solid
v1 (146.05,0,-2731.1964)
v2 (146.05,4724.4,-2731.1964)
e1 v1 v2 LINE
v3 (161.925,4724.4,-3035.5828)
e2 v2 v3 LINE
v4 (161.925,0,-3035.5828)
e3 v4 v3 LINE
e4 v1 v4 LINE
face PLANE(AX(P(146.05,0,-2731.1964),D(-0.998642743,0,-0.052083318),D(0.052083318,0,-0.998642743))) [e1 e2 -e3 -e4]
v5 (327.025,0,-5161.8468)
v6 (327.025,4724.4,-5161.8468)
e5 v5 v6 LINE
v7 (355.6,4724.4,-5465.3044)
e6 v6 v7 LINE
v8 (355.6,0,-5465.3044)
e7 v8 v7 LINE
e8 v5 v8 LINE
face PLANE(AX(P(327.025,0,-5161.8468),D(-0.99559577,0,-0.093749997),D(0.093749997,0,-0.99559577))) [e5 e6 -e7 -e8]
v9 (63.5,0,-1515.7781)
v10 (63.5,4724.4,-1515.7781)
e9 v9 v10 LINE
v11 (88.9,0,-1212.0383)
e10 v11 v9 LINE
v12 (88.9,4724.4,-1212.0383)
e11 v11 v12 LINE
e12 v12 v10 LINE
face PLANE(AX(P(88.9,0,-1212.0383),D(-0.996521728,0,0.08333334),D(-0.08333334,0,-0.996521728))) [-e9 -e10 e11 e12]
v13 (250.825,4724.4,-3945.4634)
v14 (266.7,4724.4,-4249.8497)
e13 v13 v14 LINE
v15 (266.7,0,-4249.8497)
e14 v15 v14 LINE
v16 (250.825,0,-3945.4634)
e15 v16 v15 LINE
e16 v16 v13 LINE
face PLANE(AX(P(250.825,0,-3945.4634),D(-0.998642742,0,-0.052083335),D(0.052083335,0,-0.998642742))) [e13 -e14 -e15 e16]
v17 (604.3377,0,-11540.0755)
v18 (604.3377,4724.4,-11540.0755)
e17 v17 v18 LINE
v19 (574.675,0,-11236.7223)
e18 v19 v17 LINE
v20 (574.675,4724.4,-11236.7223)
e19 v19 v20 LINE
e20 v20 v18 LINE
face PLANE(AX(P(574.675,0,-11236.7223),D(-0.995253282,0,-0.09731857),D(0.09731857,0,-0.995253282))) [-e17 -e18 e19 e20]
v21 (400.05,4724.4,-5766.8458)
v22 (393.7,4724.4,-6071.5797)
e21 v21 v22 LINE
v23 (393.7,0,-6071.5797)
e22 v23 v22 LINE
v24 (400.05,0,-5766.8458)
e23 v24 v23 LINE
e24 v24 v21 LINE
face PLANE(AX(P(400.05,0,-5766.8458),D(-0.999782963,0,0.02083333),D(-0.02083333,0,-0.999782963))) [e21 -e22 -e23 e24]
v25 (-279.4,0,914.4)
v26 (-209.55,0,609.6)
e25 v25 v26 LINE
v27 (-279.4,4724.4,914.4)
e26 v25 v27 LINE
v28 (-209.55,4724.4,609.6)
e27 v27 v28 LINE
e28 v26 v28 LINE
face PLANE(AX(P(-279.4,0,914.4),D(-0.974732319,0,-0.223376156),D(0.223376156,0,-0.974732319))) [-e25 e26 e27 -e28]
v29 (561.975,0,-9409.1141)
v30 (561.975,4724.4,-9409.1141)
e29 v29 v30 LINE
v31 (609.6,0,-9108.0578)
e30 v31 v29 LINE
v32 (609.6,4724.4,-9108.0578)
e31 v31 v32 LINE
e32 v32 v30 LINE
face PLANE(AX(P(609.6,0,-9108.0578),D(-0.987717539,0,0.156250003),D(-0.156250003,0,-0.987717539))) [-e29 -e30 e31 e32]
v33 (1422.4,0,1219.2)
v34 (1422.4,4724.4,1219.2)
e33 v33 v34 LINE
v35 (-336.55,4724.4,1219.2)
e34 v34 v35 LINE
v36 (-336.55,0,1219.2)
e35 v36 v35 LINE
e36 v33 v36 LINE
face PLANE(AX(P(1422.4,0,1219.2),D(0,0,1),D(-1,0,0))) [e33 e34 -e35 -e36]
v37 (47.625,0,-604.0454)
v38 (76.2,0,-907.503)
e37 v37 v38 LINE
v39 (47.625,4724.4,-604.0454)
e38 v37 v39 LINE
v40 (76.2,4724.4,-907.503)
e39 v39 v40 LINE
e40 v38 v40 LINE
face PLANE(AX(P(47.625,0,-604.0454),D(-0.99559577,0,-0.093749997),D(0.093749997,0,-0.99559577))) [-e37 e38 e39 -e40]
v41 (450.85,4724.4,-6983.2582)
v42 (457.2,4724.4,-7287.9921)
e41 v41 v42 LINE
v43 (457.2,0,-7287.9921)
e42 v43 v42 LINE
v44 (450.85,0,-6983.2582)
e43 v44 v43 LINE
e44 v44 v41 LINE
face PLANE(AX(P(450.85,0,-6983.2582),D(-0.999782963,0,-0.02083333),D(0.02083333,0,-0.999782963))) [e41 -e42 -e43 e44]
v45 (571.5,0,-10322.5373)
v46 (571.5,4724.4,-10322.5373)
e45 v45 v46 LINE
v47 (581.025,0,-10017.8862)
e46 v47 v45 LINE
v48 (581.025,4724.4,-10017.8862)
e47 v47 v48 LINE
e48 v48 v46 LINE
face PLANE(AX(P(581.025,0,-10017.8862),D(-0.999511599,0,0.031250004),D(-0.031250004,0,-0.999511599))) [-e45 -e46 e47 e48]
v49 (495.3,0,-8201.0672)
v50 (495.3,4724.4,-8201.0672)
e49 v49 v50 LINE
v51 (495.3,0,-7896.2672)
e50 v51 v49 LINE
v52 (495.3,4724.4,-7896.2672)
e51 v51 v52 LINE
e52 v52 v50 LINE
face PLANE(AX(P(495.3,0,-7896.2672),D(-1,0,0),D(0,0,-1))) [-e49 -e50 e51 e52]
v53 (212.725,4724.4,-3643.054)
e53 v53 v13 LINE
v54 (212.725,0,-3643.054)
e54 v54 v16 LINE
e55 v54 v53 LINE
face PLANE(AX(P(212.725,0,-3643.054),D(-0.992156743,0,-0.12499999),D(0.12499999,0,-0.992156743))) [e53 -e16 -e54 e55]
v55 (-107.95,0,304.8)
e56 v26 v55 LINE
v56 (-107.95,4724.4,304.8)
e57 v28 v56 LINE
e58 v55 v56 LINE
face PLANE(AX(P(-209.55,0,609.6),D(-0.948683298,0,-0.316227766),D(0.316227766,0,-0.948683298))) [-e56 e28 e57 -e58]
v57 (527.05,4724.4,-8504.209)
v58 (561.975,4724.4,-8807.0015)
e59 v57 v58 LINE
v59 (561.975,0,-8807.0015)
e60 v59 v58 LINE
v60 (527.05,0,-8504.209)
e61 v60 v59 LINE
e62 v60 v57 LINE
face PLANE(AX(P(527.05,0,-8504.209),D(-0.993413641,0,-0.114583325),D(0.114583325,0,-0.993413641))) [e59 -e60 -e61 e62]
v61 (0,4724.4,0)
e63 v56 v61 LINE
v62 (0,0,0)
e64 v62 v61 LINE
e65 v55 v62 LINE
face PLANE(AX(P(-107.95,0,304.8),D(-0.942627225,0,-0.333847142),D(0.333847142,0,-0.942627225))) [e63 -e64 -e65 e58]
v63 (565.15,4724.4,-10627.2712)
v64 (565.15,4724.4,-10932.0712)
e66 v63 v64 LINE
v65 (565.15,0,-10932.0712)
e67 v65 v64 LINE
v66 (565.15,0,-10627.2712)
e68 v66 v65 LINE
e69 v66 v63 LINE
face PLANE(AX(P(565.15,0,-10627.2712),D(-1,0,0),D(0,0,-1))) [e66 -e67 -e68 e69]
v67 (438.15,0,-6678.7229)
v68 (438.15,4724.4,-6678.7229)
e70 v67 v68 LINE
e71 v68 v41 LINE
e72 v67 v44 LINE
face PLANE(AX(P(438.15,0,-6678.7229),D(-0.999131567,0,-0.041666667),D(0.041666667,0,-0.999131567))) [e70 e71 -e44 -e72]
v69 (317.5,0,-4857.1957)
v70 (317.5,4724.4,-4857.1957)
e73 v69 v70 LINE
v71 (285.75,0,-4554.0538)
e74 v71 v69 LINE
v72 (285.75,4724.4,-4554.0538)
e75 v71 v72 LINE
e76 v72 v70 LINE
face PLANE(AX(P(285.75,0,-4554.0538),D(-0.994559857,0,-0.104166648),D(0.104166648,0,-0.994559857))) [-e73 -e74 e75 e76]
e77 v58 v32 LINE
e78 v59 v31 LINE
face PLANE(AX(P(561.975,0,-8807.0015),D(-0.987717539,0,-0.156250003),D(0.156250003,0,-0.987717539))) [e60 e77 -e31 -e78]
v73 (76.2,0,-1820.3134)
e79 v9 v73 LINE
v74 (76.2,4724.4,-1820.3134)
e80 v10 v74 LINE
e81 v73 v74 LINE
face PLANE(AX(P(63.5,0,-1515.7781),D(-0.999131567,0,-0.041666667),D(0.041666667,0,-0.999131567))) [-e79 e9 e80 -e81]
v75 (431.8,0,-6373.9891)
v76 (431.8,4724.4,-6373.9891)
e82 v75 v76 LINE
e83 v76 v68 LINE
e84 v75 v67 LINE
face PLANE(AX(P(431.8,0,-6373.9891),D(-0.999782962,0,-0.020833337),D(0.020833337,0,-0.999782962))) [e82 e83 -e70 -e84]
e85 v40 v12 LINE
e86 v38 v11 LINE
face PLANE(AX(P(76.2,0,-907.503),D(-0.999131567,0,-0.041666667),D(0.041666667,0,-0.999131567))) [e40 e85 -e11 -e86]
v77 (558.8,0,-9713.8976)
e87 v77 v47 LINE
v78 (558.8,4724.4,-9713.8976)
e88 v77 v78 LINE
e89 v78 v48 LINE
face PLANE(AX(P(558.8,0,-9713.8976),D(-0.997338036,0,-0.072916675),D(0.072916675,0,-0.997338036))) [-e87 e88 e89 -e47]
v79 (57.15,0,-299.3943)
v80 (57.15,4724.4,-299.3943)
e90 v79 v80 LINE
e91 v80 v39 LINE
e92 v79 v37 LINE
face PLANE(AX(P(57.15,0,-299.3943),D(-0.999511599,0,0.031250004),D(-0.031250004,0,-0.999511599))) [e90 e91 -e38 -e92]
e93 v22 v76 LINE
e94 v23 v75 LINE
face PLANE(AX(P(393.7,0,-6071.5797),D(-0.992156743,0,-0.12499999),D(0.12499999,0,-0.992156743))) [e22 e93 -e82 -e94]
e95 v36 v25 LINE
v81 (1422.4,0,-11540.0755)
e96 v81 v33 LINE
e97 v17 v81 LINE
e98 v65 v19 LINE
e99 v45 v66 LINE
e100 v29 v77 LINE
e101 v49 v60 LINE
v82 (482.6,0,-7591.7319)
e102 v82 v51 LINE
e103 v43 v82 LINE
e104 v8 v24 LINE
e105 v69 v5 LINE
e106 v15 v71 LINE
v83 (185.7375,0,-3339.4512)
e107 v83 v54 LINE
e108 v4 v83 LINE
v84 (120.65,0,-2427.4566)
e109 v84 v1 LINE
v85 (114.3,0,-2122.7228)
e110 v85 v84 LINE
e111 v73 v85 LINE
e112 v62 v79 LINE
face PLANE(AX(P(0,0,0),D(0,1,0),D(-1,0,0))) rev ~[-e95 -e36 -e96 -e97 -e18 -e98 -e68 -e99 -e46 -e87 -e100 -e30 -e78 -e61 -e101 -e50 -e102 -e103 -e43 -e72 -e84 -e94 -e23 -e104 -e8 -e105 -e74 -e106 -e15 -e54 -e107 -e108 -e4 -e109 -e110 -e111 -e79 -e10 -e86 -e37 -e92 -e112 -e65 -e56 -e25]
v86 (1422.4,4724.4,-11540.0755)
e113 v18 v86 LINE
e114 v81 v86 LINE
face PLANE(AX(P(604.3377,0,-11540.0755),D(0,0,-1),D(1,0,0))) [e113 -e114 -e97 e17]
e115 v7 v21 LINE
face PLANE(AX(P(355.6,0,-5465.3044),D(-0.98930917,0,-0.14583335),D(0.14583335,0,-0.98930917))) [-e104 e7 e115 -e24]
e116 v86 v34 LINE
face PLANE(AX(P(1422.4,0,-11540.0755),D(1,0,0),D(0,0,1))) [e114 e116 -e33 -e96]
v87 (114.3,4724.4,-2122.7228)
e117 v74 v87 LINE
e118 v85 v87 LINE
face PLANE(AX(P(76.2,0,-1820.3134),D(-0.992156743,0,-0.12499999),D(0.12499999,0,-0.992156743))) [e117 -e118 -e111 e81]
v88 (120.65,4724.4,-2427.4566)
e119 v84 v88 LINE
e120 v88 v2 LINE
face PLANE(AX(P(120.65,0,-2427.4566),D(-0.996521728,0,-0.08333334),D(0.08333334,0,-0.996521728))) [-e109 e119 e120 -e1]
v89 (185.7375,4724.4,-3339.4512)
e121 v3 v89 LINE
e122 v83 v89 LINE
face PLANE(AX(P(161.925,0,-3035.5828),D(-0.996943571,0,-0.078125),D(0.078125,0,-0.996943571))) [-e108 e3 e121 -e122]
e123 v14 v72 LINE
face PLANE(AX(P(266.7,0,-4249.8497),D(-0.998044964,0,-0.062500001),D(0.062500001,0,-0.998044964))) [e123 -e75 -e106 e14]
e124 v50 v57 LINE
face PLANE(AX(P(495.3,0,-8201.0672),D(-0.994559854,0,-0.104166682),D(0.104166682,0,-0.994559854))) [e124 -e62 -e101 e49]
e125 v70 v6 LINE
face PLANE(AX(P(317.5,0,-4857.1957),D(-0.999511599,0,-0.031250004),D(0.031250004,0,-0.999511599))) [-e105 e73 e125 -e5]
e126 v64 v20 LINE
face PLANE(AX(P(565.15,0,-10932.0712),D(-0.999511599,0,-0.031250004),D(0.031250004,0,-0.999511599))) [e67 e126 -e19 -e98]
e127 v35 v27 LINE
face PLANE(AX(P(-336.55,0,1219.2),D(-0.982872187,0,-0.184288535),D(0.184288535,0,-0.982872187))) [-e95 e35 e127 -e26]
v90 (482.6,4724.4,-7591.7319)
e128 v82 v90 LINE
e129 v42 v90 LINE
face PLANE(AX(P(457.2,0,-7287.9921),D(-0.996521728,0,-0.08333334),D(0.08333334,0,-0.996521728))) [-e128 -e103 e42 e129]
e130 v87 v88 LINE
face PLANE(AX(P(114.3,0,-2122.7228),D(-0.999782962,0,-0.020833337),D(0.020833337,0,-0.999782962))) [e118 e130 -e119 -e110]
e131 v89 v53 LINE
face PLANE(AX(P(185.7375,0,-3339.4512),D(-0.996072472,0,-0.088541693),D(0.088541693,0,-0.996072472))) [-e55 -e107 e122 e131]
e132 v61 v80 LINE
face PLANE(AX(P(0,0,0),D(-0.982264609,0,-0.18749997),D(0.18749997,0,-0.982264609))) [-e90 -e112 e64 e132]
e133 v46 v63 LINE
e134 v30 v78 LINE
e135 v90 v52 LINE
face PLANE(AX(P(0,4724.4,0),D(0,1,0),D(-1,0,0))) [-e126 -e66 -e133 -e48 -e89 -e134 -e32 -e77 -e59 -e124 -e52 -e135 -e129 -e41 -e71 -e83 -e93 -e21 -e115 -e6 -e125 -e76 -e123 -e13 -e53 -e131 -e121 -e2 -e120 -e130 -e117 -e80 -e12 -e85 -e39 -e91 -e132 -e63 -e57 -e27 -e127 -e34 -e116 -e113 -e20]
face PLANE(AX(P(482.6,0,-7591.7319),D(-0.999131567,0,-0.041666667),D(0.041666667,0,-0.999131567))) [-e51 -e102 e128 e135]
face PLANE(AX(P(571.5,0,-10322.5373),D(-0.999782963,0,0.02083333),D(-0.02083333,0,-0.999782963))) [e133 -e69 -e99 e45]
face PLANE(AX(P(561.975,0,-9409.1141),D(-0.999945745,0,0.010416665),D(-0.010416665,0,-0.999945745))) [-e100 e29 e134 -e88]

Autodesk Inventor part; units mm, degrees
ref_plane "XZ Plane" through (0, 0, 0) normal (0, 1, 0) x (-1, 0, 0)
sketch "Sketch1" plane through (0, 0, 0) normal (0, 1, 0) x (-1, 0, 0)
  line L0 (368.3, 1219.2) -> (368.3, -11582.4)
  line L1 (368.3, 1219.2) -> (336.55, 1219.2)
  line L2 (336.55, 1219.2) -> (279.4, 914.4)
  line L3 (279.4, 914.4) -> (209.55, 609.6)
  line L4 (209.55, 609.6) -> (107.95, 304.8)
  line L5 (107.95, 304.8) -> (0, 0)
  line L6 (0, 0) -> (-57.15, -299.3943)
  line L7 (-57.15, -299.3943) -> (-47.625, -604.0454)
  line L8 (-47.625, -604.0454) -> (-76.2, -907.503)
  line L9 (-76.2, -907.503) -> (-88.9, -1212.0383)
  line L10 (-88.9, -1212.0383) -> (-63.5, -1515.7781)
  line L11 (-63.5, -1515.7781) -> (-76.2, -1820.3134)
  line L12 (-76.2, -1820.3134) -> (-114.3, -2122.7228)
  line L13 (-114.3, -2122.7228) -> (-120.65, -2427.4566)
  line L14 (-120.65, -2427.4566) -> (-146.05, -2731.1964)
  line L15 (-146.05, -2731.1964) -> (-161.925, -3035.5828)
  line L16 (-161.925, -3035.5828) -> (-185.7375, -3339.4512)
  line L17 (-185.7375, -3339.4512) -> (-212.725, -3643.054)
  line L18 (-212.725, -3643.054) -> (-250.825, -3945.4634)
  line L19 (-250.825, -3945.4634) -> (-266.7, -4249.8497)
  line L20 (-266.7, -4249.8497) -> (-285.75, -4554.0538)
  line L21 (-285.75, -4554.0538) -> (-317.5, -4857.1957)
  line L22 (-317.5, -4857.1957) -> (-327.025, -5161.8468)
  line L23 (-327.025, -5161.8468) -> (-355.6, -5465.3044)
  line L24 (-355.6, -5465.3044) -> (-400.05, -5766.8458)
  line L25 (-400.05, -5766.8458) -> (-393.7, -6071.5797)
  line L26 (-393.7, -6071.5797) -> (-431.8, -6373.9891)
  line L27 (-431.8, -6373.9891) -> (-438.15, -6678.7229)
  line L28 (-438.15, -6678.7229) -> (-450.85, -6983.2582)
  line L29 (-450.85, -6983.2582) -> (-457.2, -7287.9921)
  line L30 (-457.2, -7287.9921) -> (-482.6, -7591.7319)
  line L31 (-482.6, -7591.7319) -> (-495.3, -7896.2672)
  line L32 (-495.3, -7896.2672) -> (-495.3, -8201.0672)
  line L33 (-495.3, -8201.0672) -> (-527.05, -8504.209)
  line L34 (-527.05, -8504.209) -> (-561.975, -8807.0015)
  line L35 (-561.975, -8807.0015) -> (-609.6, -9108.0578)
  line L36 (-609.6, -9108.0578) -> (-561.975, -9409.1141)
  line L37 (-561.975, -9409.1141) -> (-558.8, -9713.8976)
  line L38 (-558.8, -9713.8976) -> (-581.025, -10017.8862)
  line L39 (-581.025, -10017.8862) -> (-571.5, -10322.5373)
  line L40 (-571.5, -10322.5373) -> (-565.15, -10627.2712)
  line L41 (-565.15, -10627.2712) -> (-565.15, -10932.0712)
  line L42 (-565.15, -10932.0712) -> (-574.675, -11236.7223)
  line L43 (-574.675, -11236.7223) -> (-604.3377, -11540.0755)
  line L44 (-1422.4, 1219.2) -> (336.55, 1219.2)
  line L45 (-604.3377, -11540.0755) -> (-1422.4, -11540.0755)
  line L46 (-1422.4, -11540.0755) -> (-1422.4, 1219.2)
  point P0 (368.3, -5181.6)
  dimension "d4" = 1219.2
  dimension "d5" = 11582.4
  dimension "d6" = 368.3
  dimension "d8" = 31.75
  dimension "d10" = 304.8
  dimension "d14" = 88.9
  dimension "d15" = 304.8
  dimension "d16" = 304.8
  dimension "d17" = 260.35
  dimension "d18" = 158.75
  dimension "d20" = 304.8
  dimension "d21" = 425.45
  dimension "d22" = 304.8
  dimension "d23" = 415.925
  dimension "d24" = 304.8
  dimension "d25" = 444.5
  dimension "d26" = 304.8
  dimension "d27" = 457.2
  dimension "d28" = 304.8
  dimension "d29" = 431.8
  dimension "d30" = 304.8
  dimension "d31" = 444.5
  dimension "d32" = 304.8
  dimension "d33" = 482.6
  dimension "d34" = 304.8
  dimension "d35" = 488.95
  dimension "d36" = 304.8
  dimension "d37" = 514.35
  dimension "d39" = 304.8
  dimension "d40" = 530.225
  dimension "d41" = 304.8
  dimension "d42" = 554.0375
  dimension "d43" = 304.8
  dimension "d44" = 581.025
  dimension "d45" = 304.8
  dimension "d46" = 619.125
  dimension "d47" = 304.8
  dimension "d48" = 635
  dimension "d49" = 304.8
  dimension "d50" = 654.05
  dimension "d51" = 304.8
  dimension "d52" = 685.8
  dimension "d53" = 304.8
  dimension "d54" = 695.325
  dimension "d55" = 304.8
  dimension "d56" = 723.9
  dimension "d57" = 304.8
  dimension "d58" = 768.35
  dimension "d59" = 304.8
  dimension "d60" = 762
  dimension "d61" = 304.8
  dimension "d62" = 800.1
  dimension "d63" = 304.8
  dimension "d64" = 806.45
  dimension "d65" = 304.8
  dimension "d66" = 819.15
  dimension "d67" = 304.8
  dimension "d68" = 825.5
  dimension "d69" = 304.8
  dimension "d70" = 850.9
  dimension "d71" = 304.8
  dimension "d72" = 863.6
  dimension "d73" = 304.8
  dimension "d74" = 863.6
extrude "Extrusion1" add sketch "Sketch1" along normal blind 4724.4
ref_plane "Work Plane1" through (0, 0, 0) normal (1, 0, 0) x (0, 1, 0)
ref_plane "Work Plane2" through (88.9, 4724.4, -1212.0383) normal (1, 0, 0) x (0, 1, 0)
properties part number "Elevation_Profile_Extending_NW_From_N_Edge_Of_Foundation_Where_Foundation_Meets_Ground"
